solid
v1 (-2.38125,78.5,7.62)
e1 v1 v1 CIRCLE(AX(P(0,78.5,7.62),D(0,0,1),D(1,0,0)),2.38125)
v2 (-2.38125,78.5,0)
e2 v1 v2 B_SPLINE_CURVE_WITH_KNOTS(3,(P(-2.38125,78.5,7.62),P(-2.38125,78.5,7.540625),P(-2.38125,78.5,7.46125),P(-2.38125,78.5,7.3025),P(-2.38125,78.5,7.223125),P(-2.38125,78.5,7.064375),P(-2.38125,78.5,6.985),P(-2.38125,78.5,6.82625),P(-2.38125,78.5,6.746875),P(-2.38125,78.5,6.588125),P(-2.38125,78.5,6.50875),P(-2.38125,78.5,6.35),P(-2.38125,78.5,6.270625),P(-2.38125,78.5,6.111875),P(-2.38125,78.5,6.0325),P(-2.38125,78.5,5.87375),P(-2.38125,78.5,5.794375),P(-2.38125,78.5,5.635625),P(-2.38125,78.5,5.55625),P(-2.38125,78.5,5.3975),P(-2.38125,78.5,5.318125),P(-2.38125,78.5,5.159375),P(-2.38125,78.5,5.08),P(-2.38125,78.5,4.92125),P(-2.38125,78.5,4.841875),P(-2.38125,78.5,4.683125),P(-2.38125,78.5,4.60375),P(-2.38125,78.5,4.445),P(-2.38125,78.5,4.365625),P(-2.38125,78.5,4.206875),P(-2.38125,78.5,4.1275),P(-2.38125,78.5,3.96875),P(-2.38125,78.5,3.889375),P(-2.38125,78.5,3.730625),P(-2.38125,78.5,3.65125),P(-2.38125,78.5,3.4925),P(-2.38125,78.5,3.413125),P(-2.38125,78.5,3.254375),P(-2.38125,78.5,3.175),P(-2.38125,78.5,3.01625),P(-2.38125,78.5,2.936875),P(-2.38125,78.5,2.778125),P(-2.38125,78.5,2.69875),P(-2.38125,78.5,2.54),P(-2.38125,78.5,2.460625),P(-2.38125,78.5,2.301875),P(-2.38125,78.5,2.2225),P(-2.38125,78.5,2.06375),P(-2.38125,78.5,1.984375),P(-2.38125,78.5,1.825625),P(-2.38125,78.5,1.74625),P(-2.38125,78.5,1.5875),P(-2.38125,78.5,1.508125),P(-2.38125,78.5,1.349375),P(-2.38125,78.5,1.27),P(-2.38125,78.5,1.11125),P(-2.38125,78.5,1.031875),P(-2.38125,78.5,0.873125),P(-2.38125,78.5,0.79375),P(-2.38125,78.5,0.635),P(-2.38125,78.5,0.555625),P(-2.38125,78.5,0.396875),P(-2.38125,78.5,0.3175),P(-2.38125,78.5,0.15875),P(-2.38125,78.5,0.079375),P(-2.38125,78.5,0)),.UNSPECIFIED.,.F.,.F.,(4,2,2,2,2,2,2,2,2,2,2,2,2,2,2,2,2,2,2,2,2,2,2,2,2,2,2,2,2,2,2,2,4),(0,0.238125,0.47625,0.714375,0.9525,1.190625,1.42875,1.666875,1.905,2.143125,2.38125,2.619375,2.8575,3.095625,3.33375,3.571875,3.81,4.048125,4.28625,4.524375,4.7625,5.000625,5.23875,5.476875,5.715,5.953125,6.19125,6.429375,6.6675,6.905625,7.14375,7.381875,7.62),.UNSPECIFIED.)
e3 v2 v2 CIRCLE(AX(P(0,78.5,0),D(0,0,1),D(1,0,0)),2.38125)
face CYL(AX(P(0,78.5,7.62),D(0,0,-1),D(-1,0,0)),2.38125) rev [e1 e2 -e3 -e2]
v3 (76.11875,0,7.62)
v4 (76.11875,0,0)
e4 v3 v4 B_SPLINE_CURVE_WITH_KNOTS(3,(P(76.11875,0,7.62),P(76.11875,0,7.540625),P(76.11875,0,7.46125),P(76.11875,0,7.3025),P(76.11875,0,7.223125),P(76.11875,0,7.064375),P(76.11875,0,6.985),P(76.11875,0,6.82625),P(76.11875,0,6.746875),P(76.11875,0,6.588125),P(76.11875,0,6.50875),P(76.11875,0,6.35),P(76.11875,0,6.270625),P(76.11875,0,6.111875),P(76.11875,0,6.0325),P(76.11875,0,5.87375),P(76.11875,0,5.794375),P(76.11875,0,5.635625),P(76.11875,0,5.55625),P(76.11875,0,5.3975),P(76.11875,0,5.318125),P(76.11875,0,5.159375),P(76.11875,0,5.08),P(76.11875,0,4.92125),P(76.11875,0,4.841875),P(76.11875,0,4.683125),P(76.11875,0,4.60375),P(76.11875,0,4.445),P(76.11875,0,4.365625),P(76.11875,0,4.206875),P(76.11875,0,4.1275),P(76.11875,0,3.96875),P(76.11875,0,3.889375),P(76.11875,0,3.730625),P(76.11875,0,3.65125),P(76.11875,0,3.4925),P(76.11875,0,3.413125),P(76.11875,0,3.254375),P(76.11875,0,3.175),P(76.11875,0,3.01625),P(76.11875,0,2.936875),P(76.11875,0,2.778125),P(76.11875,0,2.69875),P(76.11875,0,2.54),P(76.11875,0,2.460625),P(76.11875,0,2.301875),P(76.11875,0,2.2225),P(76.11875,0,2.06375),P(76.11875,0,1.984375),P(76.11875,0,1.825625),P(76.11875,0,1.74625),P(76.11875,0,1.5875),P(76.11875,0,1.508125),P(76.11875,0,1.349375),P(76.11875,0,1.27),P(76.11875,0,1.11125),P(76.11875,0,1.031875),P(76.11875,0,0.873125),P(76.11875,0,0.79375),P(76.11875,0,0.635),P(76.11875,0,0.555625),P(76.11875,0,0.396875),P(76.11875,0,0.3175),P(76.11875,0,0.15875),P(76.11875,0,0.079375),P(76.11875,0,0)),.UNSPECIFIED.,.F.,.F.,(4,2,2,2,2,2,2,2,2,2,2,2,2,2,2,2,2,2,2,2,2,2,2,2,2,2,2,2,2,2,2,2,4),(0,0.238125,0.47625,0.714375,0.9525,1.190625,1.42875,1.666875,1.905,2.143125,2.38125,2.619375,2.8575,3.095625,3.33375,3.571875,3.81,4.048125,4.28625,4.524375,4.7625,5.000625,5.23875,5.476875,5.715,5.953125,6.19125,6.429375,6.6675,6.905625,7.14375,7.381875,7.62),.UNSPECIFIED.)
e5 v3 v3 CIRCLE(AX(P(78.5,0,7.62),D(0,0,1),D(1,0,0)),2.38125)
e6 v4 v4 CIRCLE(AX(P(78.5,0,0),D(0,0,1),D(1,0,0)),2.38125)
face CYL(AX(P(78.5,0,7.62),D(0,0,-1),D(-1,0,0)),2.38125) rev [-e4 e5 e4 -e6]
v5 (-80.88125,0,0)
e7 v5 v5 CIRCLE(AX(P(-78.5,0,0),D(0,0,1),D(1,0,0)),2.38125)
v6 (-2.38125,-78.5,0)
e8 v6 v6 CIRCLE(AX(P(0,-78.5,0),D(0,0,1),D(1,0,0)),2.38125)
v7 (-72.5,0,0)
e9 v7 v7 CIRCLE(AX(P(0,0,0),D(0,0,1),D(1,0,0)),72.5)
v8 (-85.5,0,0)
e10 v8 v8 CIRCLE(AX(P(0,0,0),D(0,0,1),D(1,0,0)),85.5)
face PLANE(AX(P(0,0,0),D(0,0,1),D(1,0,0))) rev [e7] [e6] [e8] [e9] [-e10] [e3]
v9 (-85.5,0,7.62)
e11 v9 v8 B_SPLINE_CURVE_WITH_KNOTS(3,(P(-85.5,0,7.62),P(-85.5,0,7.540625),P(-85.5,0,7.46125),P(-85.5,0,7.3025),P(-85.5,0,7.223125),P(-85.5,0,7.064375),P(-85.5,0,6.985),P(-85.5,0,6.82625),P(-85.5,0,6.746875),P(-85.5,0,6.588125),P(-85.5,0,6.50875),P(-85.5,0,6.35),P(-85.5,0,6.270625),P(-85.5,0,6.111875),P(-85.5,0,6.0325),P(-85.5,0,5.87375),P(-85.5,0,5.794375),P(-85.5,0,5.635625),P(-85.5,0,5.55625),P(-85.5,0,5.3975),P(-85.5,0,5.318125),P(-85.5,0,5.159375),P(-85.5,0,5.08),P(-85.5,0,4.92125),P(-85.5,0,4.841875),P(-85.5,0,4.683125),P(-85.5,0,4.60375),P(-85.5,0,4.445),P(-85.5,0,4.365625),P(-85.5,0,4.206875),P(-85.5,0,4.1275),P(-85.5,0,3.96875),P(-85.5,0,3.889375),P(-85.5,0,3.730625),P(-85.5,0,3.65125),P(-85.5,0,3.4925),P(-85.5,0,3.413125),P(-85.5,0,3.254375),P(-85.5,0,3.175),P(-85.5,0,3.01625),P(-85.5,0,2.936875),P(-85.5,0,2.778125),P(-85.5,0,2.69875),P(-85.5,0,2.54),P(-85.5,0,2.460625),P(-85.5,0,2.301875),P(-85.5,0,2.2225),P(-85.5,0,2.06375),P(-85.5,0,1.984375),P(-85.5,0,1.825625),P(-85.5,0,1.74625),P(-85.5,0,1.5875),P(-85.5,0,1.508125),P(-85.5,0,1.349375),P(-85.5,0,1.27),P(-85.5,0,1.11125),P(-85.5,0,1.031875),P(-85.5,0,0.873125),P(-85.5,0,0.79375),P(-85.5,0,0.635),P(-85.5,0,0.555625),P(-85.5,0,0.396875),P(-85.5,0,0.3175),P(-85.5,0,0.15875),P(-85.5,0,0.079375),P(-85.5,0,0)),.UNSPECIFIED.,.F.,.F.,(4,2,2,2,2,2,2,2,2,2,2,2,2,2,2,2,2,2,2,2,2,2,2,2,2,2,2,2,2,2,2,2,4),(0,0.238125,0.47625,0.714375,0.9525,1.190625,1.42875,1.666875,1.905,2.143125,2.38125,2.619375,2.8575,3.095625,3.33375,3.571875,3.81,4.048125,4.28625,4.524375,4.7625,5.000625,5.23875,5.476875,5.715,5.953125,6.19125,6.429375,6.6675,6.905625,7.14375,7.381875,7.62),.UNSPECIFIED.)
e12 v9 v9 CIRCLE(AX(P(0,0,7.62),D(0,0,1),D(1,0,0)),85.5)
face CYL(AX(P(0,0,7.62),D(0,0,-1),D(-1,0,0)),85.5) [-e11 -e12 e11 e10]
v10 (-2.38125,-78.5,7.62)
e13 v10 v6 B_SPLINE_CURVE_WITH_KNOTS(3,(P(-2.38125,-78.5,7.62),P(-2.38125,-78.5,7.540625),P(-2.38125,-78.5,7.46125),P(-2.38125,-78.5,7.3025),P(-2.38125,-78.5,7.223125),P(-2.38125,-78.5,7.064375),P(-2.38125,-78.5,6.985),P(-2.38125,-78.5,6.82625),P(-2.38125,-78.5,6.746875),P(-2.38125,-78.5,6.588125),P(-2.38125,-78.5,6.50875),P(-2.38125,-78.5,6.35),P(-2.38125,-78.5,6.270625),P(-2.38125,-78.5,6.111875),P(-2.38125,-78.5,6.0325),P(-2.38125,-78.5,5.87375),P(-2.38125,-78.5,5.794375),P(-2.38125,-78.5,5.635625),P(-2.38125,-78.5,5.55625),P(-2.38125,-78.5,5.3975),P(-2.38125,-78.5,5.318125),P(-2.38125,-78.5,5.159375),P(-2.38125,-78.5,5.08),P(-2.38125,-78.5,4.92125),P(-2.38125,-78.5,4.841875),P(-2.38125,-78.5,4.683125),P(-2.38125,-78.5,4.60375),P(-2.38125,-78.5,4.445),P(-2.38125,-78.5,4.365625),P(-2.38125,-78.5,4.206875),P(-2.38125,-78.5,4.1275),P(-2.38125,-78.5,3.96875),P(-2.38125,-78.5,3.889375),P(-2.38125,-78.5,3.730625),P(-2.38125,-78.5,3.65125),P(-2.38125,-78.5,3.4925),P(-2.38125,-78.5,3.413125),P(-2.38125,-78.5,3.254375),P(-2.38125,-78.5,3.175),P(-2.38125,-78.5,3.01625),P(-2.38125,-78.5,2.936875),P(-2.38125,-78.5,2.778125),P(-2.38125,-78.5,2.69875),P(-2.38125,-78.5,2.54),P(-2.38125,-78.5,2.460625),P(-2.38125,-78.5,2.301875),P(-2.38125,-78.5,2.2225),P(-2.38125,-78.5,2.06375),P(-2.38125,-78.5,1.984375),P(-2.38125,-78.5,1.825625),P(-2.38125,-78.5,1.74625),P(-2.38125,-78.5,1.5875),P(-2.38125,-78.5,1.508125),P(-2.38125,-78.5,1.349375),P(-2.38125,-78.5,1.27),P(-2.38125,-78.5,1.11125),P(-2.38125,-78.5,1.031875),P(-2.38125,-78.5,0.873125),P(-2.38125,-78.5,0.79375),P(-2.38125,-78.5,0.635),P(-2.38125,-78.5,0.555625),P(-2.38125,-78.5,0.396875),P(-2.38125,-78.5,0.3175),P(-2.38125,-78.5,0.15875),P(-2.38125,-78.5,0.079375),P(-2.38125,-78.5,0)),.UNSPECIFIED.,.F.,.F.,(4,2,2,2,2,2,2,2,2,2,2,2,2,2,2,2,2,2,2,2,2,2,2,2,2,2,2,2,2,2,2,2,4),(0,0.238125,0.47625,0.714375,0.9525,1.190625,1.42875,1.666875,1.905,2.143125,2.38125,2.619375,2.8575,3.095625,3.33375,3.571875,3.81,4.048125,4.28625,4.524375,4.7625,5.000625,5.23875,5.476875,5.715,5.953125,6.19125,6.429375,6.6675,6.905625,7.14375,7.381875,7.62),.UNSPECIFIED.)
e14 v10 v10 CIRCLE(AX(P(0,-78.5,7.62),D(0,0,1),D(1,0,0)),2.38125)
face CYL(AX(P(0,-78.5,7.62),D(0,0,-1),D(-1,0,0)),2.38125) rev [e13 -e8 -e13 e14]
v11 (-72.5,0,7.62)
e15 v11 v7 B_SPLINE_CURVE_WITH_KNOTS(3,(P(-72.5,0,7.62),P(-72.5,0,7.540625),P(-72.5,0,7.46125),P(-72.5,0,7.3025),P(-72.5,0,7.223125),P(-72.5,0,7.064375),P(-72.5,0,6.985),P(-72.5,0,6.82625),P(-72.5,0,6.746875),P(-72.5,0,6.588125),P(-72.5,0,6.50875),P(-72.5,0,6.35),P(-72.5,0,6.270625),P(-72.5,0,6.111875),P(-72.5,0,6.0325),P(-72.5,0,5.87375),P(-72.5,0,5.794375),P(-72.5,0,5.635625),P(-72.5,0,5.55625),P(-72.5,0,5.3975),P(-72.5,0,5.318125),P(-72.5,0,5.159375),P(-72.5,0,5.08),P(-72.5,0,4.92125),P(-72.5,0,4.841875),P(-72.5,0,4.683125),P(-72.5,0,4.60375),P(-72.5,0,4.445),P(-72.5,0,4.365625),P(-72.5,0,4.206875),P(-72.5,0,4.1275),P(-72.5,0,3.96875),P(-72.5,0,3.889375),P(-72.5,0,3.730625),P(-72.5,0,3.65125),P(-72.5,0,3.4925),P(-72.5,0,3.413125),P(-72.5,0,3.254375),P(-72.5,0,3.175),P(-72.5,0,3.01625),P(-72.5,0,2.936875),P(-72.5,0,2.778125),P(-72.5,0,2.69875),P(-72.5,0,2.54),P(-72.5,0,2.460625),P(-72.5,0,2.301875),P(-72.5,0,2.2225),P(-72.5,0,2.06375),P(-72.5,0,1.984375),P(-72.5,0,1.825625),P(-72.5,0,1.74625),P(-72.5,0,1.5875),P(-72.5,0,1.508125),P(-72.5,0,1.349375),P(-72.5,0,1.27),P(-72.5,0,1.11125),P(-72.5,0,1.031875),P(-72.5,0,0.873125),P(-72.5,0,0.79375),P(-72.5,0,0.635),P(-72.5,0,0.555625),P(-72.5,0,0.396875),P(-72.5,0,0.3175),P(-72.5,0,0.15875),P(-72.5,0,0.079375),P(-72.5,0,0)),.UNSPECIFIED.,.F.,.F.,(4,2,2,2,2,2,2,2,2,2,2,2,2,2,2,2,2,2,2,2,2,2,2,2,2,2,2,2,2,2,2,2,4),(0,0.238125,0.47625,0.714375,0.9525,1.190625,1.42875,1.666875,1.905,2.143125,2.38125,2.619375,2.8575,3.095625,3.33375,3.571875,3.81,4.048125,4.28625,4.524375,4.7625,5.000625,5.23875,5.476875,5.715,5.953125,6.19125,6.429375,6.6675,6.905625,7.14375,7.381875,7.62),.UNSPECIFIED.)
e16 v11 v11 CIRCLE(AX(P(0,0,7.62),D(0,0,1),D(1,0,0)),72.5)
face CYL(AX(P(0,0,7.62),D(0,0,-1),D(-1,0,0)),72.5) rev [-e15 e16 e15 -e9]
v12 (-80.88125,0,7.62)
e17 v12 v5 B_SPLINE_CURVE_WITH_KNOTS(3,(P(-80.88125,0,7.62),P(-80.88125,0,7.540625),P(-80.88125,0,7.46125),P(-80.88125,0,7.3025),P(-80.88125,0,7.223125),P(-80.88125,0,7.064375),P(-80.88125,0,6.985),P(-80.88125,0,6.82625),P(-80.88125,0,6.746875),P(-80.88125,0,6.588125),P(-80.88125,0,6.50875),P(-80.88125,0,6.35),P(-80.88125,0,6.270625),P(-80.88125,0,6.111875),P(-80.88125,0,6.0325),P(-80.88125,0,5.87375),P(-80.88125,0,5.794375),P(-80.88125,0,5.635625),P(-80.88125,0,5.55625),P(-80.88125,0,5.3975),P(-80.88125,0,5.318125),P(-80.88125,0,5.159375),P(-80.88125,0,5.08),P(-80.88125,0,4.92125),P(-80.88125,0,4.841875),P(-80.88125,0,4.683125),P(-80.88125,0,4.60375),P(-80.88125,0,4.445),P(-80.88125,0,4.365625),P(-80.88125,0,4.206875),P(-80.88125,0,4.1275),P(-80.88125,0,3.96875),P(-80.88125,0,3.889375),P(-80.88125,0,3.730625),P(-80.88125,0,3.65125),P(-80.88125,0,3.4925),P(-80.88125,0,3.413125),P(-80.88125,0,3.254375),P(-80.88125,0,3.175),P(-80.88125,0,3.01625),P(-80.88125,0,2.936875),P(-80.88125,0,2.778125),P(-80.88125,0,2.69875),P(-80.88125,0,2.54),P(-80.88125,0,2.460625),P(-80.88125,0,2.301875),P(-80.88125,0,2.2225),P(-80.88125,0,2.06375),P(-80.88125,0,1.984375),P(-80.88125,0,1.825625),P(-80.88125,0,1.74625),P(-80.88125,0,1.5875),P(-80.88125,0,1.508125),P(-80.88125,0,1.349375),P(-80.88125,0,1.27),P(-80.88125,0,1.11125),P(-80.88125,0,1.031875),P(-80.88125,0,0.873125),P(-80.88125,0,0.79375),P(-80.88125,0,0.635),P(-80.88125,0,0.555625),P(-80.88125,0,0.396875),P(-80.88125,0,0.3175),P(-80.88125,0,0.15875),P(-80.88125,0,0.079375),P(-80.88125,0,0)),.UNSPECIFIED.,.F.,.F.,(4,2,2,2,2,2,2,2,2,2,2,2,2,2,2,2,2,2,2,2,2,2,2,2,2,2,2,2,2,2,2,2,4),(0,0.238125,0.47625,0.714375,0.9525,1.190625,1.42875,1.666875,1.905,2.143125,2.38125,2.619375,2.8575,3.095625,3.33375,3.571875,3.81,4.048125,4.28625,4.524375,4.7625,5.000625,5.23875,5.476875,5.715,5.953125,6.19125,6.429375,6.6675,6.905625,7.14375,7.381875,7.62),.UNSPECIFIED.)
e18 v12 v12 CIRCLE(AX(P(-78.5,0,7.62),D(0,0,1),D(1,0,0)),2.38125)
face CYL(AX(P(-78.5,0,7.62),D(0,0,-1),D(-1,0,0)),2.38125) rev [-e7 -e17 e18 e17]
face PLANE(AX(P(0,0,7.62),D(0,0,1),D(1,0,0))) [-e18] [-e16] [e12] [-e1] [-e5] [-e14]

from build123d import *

# Parameters (mm, degrees)
SKETCH1_R           = 85.5
SKETCH1_R_2         = 72.5
SKETCH1_R_3         = 2.38125
BOSS_EXTRUDE1_DEPTH = 7.62


with BuildPart() as part:
    # Sketch1 → Boss-Extrude1 (new body)
    with BuildSketch(Plane.XY):
        with Locations(Location((0, 0, 0), (0, 0, 180))):
            Circle(SKETCH1_R)
        with Locations(Location((0, 0, 0), (0, 0, 180))):
            Circle(SKETCH1_R_2, mode=Mode.SUBTRACT)
        with Locations(Location((0, 78.5, 0), (0, 0, 180))):
            Circle(SKETCH1_R_3, mode=Mode.SUBTRACT)
        with Locations(Location((78.5, 0, 0), (0, 0, 180))):
            Circle(SKETCH1_R_3, mode=Mode.SUBTRACT)
        with Locations(Location((0, -78.5, 0), (0, 0, 180))):
            Circle(SKETCH1_R_3, mode=Mode.SUBTRACT)
        with Locations(Location((-78.5, 0, 0), (0, 0, 180))):
            Circle(SKETCH1_R_3, mode=Mode.SUBTRACT)
    extrude(amount=BOSS_EXTRUDE1_DEPTH)


solid = part.part
